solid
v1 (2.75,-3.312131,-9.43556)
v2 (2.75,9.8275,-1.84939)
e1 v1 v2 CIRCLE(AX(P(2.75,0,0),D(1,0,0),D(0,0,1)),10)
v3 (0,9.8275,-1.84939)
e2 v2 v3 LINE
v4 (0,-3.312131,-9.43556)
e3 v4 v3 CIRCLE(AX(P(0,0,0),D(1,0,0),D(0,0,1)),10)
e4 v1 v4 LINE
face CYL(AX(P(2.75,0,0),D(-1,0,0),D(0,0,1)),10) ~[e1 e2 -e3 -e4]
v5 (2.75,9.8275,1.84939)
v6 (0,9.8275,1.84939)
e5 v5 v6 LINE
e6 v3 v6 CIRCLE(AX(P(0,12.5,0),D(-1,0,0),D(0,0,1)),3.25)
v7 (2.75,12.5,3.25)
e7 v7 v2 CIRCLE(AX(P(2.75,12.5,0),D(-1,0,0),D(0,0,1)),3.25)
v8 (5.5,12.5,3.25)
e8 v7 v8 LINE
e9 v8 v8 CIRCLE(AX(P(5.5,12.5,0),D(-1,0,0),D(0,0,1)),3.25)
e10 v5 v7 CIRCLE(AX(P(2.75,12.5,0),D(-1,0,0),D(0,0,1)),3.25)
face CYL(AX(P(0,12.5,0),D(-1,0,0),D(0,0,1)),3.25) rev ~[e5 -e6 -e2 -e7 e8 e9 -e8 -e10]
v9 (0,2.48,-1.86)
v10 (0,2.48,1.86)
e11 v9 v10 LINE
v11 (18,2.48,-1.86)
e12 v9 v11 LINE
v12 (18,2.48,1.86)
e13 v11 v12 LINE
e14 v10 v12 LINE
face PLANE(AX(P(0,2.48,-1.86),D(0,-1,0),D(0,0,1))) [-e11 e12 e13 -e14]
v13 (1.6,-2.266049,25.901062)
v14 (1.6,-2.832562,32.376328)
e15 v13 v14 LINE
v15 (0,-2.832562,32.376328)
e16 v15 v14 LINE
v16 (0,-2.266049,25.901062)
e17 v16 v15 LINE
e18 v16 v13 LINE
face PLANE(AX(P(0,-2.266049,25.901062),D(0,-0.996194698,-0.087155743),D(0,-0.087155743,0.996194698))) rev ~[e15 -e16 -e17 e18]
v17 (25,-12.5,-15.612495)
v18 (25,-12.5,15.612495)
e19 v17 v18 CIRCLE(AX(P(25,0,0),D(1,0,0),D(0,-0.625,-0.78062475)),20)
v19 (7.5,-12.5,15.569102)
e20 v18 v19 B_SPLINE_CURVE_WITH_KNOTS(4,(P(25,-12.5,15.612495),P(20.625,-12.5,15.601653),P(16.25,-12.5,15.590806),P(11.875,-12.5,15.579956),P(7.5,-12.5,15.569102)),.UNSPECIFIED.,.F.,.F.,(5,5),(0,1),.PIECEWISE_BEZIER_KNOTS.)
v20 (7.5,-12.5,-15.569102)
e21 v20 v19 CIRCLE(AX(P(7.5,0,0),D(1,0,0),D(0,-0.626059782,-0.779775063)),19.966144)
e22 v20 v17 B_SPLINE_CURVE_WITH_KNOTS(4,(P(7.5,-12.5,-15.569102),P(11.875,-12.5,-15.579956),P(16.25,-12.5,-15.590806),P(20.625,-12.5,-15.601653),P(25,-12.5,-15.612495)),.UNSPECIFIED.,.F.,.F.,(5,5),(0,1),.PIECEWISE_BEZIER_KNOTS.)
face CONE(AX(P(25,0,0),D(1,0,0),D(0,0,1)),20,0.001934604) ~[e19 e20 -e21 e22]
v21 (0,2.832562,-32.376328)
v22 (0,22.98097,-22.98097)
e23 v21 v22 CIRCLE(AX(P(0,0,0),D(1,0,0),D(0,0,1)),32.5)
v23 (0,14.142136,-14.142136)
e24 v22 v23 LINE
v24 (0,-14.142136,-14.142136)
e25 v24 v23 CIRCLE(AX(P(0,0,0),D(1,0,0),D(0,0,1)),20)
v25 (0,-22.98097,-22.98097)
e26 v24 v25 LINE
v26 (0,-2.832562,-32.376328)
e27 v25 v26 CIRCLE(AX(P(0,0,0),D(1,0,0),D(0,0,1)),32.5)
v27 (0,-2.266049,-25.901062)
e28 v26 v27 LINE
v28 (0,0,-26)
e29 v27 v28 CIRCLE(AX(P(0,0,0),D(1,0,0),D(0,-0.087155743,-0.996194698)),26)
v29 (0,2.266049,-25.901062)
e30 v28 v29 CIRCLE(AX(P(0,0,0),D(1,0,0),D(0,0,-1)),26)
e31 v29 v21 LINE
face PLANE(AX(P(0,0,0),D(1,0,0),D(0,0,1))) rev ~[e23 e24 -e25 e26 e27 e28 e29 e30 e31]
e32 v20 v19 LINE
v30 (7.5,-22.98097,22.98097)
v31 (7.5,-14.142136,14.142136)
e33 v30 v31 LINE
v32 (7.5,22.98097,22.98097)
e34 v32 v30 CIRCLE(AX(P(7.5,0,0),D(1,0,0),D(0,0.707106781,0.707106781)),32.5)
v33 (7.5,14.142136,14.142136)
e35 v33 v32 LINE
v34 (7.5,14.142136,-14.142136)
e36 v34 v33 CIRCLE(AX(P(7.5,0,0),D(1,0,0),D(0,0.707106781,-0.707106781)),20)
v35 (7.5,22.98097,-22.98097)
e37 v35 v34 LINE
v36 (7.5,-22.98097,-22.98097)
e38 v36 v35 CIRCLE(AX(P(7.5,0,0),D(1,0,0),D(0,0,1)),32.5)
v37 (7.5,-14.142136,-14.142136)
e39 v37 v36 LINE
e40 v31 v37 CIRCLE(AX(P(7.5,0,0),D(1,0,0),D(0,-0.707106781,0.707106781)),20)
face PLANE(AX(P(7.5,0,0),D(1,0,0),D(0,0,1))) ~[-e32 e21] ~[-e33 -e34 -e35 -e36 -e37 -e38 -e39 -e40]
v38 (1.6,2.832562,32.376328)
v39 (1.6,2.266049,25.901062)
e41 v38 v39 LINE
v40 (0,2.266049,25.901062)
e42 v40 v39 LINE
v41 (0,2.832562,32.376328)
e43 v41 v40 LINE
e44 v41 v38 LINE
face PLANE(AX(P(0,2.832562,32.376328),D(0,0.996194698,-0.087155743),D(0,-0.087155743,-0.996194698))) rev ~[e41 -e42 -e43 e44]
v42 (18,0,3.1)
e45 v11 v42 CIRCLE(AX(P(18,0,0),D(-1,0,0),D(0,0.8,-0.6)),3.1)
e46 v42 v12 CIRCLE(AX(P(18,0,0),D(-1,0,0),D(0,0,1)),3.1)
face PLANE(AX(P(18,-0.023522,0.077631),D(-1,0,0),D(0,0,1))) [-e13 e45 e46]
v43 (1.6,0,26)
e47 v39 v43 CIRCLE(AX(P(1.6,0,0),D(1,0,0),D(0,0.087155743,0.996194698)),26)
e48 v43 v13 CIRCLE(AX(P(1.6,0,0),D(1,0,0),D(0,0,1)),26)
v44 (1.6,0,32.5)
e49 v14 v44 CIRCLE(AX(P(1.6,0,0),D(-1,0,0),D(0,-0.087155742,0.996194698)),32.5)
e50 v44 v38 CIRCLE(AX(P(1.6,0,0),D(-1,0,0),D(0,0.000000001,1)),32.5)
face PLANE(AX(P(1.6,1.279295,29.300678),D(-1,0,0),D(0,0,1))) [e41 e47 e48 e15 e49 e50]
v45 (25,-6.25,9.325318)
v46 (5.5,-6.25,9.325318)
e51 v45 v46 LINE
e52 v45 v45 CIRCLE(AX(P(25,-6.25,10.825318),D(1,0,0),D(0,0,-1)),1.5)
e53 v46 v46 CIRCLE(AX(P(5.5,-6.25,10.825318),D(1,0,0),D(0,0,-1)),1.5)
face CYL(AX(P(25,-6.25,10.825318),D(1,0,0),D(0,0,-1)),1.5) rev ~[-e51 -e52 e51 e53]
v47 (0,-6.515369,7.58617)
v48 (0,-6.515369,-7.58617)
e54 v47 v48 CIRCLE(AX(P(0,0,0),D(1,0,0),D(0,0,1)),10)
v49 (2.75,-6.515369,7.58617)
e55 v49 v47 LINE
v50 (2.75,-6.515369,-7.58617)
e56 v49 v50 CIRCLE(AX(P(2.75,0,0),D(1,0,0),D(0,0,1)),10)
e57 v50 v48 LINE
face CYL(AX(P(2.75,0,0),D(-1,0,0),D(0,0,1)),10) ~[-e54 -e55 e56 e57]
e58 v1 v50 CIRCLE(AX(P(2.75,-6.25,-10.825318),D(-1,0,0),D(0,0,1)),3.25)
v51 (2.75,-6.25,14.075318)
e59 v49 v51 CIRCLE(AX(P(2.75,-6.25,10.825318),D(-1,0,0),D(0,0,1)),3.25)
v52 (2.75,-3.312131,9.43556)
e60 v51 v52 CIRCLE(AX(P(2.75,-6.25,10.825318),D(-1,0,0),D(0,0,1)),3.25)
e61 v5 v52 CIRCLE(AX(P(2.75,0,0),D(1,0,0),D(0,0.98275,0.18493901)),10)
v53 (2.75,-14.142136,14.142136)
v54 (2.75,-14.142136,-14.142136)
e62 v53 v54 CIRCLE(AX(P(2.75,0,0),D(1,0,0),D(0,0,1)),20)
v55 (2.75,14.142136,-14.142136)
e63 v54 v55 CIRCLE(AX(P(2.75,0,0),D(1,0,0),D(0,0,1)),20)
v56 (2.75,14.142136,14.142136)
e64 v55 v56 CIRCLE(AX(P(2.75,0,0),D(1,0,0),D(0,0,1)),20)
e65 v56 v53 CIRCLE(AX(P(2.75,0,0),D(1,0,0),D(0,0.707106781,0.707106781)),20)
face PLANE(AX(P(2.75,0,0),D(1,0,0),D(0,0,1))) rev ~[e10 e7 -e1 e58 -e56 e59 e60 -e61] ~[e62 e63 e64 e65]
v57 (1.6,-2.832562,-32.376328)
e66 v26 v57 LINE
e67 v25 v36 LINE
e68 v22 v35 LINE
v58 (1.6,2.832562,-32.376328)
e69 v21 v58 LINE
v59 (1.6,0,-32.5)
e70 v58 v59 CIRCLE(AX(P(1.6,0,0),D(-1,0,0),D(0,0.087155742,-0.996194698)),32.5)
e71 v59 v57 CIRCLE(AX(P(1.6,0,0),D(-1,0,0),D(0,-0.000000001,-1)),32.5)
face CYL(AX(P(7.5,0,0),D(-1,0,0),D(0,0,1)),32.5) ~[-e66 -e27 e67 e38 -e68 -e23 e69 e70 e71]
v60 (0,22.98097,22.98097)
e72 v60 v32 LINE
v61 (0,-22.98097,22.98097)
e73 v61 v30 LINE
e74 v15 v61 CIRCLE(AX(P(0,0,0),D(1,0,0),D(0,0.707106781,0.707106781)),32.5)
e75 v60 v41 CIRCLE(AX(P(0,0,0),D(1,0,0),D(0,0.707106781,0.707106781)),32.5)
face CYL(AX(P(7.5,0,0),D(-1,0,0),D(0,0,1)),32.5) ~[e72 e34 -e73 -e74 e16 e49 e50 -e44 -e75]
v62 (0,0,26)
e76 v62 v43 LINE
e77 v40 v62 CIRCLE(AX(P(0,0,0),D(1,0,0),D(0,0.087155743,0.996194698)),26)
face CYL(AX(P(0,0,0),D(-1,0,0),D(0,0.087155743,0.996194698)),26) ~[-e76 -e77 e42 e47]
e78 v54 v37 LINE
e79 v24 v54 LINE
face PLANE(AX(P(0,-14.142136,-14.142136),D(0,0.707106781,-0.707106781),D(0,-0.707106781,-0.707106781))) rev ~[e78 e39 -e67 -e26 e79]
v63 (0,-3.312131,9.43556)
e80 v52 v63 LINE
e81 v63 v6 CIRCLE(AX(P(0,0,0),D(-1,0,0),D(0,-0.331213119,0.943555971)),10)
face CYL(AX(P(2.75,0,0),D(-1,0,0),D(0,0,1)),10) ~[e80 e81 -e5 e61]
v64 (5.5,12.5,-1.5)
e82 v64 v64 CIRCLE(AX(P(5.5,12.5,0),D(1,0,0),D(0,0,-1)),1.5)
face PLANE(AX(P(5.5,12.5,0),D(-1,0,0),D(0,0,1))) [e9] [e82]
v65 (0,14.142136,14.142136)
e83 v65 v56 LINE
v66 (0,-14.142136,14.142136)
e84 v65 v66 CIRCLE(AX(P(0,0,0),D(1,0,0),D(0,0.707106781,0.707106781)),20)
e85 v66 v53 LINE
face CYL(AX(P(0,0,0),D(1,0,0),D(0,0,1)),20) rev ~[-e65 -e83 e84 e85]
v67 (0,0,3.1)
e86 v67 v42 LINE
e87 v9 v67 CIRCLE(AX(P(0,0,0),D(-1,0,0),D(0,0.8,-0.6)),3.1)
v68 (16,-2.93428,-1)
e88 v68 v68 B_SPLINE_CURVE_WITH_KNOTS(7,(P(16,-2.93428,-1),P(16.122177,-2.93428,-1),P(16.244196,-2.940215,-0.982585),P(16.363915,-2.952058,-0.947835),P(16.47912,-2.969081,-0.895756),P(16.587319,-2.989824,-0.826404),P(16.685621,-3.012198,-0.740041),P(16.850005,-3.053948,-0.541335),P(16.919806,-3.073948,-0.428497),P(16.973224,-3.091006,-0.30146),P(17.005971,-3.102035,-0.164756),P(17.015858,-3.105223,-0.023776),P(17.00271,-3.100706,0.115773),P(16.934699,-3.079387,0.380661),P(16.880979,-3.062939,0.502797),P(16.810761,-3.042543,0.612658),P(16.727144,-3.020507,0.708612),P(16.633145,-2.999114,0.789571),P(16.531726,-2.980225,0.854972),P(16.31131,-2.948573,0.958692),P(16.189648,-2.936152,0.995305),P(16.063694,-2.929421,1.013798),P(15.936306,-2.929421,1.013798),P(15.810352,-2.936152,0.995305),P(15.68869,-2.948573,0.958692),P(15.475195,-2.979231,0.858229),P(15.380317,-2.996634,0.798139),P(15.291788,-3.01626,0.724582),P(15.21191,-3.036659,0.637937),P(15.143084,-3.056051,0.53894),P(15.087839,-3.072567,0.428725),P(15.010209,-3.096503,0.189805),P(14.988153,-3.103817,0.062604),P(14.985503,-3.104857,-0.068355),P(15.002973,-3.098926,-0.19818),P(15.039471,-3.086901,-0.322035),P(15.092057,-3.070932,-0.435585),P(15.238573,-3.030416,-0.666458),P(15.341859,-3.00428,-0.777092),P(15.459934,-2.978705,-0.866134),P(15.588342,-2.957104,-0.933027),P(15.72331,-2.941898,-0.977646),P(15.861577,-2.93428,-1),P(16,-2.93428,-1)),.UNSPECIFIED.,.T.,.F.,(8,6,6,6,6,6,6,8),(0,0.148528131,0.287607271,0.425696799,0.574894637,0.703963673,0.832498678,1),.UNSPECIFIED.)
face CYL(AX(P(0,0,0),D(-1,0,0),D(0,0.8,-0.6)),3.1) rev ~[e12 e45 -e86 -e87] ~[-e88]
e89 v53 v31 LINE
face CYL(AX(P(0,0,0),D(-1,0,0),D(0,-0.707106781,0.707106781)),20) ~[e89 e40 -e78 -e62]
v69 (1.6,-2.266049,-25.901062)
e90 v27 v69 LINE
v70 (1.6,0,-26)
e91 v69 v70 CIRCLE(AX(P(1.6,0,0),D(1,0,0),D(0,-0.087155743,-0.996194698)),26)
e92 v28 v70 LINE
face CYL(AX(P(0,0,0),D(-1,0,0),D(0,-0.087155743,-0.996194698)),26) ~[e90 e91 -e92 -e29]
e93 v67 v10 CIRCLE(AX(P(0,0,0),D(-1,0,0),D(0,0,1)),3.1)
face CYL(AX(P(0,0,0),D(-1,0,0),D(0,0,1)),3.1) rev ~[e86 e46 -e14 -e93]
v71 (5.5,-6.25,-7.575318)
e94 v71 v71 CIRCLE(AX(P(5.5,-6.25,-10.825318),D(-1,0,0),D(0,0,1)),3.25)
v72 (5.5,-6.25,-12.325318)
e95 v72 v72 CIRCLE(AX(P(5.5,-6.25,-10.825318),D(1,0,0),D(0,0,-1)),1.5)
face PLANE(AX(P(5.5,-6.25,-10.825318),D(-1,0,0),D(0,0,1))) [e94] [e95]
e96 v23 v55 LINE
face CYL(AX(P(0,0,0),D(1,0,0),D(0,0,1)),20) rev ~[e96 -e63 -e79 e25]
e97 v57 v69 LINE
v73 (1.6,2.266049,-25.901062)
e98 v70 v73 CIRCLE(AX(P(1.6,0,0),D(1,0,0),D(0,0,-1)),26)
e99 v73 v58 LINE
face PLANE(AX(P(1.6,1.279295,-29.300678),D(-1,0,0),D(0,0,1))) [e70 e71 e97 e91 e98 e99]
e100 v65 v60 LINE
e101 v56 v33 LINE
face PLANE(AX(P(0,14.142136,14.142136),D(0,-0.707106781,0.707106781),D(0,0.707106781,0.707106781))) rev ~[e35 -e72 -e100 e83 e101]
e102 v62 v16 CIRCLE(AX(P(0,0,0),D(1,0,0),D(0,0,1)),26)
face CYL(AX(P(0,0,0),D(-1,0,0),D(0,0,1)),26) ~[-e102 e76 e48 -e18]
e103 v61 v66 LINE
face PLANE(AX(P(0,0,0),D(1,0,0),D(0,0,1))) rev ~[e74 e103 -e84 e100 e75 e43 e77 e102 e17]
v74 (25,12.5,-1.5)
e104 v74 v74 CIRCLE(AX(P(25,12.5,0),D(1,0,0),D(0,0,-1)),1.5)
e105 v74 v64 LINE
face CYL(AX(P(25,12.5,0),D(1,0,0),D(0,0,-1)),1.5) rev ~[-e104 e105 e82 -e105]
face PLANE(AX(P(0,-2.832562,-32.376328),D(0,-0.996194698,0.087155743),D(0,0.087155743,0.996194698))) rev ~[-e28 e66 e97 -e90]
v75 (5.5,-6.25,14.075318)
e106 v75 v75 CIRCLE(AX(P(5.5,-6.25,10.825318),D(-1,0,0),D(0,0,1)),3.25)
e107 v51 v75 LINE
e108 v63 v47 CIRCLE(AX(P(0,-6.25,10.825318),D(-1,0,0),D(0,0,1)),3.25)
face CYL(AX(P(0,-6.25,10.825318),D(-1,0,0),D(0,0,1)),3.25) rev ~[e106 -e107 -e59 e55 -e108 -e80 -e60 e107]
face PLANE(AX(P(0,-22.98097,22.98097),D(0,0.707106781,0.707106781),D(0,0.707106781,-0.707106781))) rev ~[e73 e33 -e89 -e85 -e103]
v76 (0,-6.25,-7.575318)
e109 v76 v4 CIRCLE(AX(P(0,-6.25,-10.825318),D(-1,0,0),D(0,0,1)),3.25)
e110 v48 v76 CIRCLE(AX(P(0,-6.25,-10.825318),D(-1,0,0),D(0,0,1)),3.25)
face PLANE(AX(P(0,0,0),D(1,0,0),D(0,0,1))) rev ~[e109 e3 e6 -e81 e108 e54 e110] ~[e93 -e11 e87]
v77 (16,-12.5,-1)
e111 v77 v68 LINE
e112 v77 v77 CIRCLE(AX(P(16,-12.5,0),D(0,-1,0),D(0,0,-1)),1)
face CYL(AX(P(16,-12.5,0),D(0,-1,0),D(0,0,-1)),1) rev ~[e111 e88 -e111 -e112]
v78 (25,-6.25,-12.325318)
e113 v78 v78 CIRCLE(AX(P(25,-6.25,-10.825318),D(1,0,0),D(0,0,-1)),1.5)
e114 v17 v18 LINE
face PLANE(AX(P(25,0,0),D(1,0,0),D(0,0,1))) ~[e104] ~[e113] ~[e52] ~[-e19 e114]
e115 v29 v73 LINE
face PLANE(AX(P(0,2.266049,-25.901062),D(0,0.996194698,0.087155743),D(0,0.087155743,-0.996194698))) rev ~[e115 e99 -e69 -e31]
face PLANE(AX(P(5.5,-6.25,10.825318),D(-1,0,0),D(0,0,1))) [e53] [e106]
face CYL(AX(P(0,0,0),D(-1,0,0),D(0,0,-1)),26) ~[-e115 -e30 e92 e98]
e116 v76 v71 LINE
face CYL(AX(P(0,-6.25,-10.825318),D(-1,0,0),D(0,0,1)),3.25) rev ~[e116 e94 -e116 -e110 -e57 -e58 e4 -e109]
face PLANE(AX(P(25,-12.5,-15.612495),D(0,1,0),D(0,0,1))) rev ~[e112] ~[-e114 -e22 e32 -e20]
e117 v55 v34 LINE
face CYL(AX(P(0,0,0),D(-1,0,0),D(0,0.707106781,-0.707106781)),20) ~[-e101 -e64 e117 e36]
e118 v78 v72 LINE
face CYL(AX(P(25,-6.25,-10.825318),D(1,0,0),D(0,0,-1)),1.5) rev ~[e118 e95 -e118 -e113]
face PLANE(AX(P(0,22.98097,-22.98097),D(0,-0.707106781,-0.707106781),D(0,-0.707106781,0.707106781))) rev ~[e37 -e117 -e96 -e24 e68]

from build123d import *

# Parameters (mm, degrees)
CORTAR_EXTRUIR2_DEPTH  = 7.5
CROQUIS5_R             = 1.5
CORTAR_EXTRUIR4_DEPTH  = 25
CORTAR_EXTRUIR14_DEPTH = 1.6
CORTAR_EXTRUIR15_DEPTH = 18
CORTAR_EXTRUIR18_DEPTH = 17.5
CROQUIS21_R            = 1
CORTAR_EXTRUIR19_DEPTH = 12.5
CROQUIS22_R            = 3.25
CORTAR_EXTRUIR20_DEPTH = 5.5


with BuildPart() as part:
    # Croquis1 → Revolución1 (revolve)
    with BuildSketch(Plane(origin=(0, 0, 0), x_dir=(1, 0, 0), z_dir=(0, 1, 0)), mode=Mode.PRIVATE) as revoluci_n1_sk:
        Polygon((0, 0), (25, 0), (25, 20), (7.5, 19.966144384), (7.5, 32.5), (0, 32.5), (0, 20), (2.75, 20), (2.75, 10), (0, 10), align=None)
    revolve(revoluci_n1_sk.sketch.rotate(Axis((0, 0, 0), (1, 0, 0)), 180), axis=Axis((0, 0, 0), (1, 0, 0)))

    # Croquis2 → Cortar-Extruir2 (cut)
    with BuildSketch(Plane.ZY):
        with BuildLine():
            ThreePointArc((-14.142135624, 14.142135624), (0, 20), (14.142135624, 14.142135624))
            Line((14.142135624, 14.142135624), (22.980970389, 22.980970389))
            ThreePointArc((22.980970389, 22.980970389), (0, 32.5), (-22.980970389, 22.980970389))
            Line((-22.980970389, 22.980970389), (-14.142135624, 14.142135624))
        make_face()
        with BuildLine():
            Line((22.980970389, -22.980970389), (14.142135624, -14.142135624))
            ThreePointArc((14.142135624, -14.142135624), (0, -20), (-14.142135624, -14.142135624))
            Line((-14.142135624, -14.142135624), (-22.980970389, -22.980970389))
            ThreePointArc((-22.980970389, -22.980970389), (0, -32.5), (22.980970389, -22.980970389))
        make_face()
    extrude(amount=-CORTAR_EXTRUIR2_DEPTH, mode=Mode.SUBTRACT)

    # Croquis5 → Cortar-Extruir4 (cut)
    with BuildSketch(Plane(origin=(25, 0, 0), x_dir=(0, 0, -1), z_dir=(1, 0, 0))):
        with Locations((0, 12.5)):
            Circle(CROQUIS5_R)
        with Locations((10.825317547, -6.25)):
            Circle(CROQUIS5_R)
        with Locations((-10.825317547, -6.25)):
            Circle(CROQUIS5_R)
    extrude(amount=-CORTAR_EXTRUIR4_DEPTH, mode=Mode.SUBTRACT)

    # Croquis17 → Cortar-Extruir14 (cut)
    with BuildSketch(Plane.ZY):
        with BuildLine():
            Line((26, 0), (32.5, 0))
            ThreePointArc((32.5, 0), (32.469067201, 1.417630089), (32.376327688, 2.832561639))
            Line((32.376327688, 2.832561639), (25.90106215, 2.266049311))
            ThreePointArc((25.90106215, 2.266049311), (25.975253761, 1.134104071), (26, 0))
        make_face()
        with BuildLine():
            ThreePointArc((32.376327688, -2.832561639), (32.469067201, -1.417630089), (32.5, 0))
            Line((32.5, 0), (26, 0))
            ThreePointArc((26, 0), (25.975253761, -1.134104071), (25.90106215, -2.266049311))
            Line((25.90106215, -2.266049311), (32.376327688, -2.832561639))
        make_face()
        with BuildLine():
            Line((-25.90106215, 2.266049311), (-32.376327688, 2.832561639))
            ThreePointArc((-32.376327688, 2.832561639), (-32.469067201, 1.417630089), (-32.5, 0))
            Line((-32.5, 0), (-26, 0))
            ThreePointArc((-26, 0), (-25.975253761, 1.134104071), (-25.90106215, 2.266049311))
        make_face()
        with BuildLine():
            ThreePointArc((-32.5, 0), (-32.469067201, -1.417630089), (-32.376327688, -2.832561639))
            Line((-32.376327688, -2.832561639), (-25.90106215, -2.266049311))
            ThreePointArc((-25.90106215, -2.266049311), (-25.975253761, -1.134104071), (-26, 0))
            Line((-26, 0), (-32.5, 0))
        make_face()
    extrude(amount=-CORTAR_EXTRUIR14_DEPTH, mode=Mode.SUBTRACT)

    # Croquis18 → Cortar-Extruir15 (cut)
    with BuildSketch(Plane.ZY):
        with BuildLine():
            Line((0, 0), (-1.86, 2.48))
            ThreePointArc((-1.86, 2.48), (-1.386362146, -2.772724292), (3.1, 0))
            ThreePointArc((3.1, 0), (2.772724292, 1.386362146), (1.86, 2.48))
            Line((1.86, 2.48), (0, 0))
        make_face()
        Polygon((0, 0), (-1.86, 2.48), (1.86, 2.48), align=None)
    extrude(amount=-CORTAR_EXTRUIR15_DEPTH, mode=Mode.SUBTRACT)

    # Croquis20 → Cortar-Extruir18 (cut)
    with BuildSketch(Plane(origin=(25, 0, 0), x_dir=(0, 0, -1), z_dir=(1, 0, 0))):
        with BuildLine():
            Line((0, -12.5), (-15.612494996, -12.5))
            ThreePointArc((-15.612494996, -12.5), (0, -20), (15.612494996, -12.5))
            Line((15.612494996, -12.5), (0, -12.5))
        make_face()
    extrude(amount=-CORTAR_EXTRUIR18_DEPTH, mode=Mode.SUBTRACT)

    # Croquis21 → Cortar-Extruir19 (cut)
    with BuildSketch(Plane.XZ.offset(12.5)):
        with Locations(Location((16, 0, 0), (0, 0, 270))):
            Circle(CROQUIS21_R)
    extrude(amount=-CORTAR_EXTRUIR19_DEPTH, mode=Mode.SUBTRACT)

    # Croquis22 → Cortar-Extruir20 (cut)
    with BuildSketch(Plane.ZY):
        with Locations((0, 12.5)):
            Circle(CROQUIS22_R)
        with Locations((10.825317547, -6.25)):
            Circle(CROQUIS22_R)
        with Locations((-10.825317547, -6.25)):
            Circle(CROQUIS22_R)
    extrude(amount=-CORTAR_EXTRUIR20_DEPTH, mode=Mode.SUBTRACT)


solid = part.part
